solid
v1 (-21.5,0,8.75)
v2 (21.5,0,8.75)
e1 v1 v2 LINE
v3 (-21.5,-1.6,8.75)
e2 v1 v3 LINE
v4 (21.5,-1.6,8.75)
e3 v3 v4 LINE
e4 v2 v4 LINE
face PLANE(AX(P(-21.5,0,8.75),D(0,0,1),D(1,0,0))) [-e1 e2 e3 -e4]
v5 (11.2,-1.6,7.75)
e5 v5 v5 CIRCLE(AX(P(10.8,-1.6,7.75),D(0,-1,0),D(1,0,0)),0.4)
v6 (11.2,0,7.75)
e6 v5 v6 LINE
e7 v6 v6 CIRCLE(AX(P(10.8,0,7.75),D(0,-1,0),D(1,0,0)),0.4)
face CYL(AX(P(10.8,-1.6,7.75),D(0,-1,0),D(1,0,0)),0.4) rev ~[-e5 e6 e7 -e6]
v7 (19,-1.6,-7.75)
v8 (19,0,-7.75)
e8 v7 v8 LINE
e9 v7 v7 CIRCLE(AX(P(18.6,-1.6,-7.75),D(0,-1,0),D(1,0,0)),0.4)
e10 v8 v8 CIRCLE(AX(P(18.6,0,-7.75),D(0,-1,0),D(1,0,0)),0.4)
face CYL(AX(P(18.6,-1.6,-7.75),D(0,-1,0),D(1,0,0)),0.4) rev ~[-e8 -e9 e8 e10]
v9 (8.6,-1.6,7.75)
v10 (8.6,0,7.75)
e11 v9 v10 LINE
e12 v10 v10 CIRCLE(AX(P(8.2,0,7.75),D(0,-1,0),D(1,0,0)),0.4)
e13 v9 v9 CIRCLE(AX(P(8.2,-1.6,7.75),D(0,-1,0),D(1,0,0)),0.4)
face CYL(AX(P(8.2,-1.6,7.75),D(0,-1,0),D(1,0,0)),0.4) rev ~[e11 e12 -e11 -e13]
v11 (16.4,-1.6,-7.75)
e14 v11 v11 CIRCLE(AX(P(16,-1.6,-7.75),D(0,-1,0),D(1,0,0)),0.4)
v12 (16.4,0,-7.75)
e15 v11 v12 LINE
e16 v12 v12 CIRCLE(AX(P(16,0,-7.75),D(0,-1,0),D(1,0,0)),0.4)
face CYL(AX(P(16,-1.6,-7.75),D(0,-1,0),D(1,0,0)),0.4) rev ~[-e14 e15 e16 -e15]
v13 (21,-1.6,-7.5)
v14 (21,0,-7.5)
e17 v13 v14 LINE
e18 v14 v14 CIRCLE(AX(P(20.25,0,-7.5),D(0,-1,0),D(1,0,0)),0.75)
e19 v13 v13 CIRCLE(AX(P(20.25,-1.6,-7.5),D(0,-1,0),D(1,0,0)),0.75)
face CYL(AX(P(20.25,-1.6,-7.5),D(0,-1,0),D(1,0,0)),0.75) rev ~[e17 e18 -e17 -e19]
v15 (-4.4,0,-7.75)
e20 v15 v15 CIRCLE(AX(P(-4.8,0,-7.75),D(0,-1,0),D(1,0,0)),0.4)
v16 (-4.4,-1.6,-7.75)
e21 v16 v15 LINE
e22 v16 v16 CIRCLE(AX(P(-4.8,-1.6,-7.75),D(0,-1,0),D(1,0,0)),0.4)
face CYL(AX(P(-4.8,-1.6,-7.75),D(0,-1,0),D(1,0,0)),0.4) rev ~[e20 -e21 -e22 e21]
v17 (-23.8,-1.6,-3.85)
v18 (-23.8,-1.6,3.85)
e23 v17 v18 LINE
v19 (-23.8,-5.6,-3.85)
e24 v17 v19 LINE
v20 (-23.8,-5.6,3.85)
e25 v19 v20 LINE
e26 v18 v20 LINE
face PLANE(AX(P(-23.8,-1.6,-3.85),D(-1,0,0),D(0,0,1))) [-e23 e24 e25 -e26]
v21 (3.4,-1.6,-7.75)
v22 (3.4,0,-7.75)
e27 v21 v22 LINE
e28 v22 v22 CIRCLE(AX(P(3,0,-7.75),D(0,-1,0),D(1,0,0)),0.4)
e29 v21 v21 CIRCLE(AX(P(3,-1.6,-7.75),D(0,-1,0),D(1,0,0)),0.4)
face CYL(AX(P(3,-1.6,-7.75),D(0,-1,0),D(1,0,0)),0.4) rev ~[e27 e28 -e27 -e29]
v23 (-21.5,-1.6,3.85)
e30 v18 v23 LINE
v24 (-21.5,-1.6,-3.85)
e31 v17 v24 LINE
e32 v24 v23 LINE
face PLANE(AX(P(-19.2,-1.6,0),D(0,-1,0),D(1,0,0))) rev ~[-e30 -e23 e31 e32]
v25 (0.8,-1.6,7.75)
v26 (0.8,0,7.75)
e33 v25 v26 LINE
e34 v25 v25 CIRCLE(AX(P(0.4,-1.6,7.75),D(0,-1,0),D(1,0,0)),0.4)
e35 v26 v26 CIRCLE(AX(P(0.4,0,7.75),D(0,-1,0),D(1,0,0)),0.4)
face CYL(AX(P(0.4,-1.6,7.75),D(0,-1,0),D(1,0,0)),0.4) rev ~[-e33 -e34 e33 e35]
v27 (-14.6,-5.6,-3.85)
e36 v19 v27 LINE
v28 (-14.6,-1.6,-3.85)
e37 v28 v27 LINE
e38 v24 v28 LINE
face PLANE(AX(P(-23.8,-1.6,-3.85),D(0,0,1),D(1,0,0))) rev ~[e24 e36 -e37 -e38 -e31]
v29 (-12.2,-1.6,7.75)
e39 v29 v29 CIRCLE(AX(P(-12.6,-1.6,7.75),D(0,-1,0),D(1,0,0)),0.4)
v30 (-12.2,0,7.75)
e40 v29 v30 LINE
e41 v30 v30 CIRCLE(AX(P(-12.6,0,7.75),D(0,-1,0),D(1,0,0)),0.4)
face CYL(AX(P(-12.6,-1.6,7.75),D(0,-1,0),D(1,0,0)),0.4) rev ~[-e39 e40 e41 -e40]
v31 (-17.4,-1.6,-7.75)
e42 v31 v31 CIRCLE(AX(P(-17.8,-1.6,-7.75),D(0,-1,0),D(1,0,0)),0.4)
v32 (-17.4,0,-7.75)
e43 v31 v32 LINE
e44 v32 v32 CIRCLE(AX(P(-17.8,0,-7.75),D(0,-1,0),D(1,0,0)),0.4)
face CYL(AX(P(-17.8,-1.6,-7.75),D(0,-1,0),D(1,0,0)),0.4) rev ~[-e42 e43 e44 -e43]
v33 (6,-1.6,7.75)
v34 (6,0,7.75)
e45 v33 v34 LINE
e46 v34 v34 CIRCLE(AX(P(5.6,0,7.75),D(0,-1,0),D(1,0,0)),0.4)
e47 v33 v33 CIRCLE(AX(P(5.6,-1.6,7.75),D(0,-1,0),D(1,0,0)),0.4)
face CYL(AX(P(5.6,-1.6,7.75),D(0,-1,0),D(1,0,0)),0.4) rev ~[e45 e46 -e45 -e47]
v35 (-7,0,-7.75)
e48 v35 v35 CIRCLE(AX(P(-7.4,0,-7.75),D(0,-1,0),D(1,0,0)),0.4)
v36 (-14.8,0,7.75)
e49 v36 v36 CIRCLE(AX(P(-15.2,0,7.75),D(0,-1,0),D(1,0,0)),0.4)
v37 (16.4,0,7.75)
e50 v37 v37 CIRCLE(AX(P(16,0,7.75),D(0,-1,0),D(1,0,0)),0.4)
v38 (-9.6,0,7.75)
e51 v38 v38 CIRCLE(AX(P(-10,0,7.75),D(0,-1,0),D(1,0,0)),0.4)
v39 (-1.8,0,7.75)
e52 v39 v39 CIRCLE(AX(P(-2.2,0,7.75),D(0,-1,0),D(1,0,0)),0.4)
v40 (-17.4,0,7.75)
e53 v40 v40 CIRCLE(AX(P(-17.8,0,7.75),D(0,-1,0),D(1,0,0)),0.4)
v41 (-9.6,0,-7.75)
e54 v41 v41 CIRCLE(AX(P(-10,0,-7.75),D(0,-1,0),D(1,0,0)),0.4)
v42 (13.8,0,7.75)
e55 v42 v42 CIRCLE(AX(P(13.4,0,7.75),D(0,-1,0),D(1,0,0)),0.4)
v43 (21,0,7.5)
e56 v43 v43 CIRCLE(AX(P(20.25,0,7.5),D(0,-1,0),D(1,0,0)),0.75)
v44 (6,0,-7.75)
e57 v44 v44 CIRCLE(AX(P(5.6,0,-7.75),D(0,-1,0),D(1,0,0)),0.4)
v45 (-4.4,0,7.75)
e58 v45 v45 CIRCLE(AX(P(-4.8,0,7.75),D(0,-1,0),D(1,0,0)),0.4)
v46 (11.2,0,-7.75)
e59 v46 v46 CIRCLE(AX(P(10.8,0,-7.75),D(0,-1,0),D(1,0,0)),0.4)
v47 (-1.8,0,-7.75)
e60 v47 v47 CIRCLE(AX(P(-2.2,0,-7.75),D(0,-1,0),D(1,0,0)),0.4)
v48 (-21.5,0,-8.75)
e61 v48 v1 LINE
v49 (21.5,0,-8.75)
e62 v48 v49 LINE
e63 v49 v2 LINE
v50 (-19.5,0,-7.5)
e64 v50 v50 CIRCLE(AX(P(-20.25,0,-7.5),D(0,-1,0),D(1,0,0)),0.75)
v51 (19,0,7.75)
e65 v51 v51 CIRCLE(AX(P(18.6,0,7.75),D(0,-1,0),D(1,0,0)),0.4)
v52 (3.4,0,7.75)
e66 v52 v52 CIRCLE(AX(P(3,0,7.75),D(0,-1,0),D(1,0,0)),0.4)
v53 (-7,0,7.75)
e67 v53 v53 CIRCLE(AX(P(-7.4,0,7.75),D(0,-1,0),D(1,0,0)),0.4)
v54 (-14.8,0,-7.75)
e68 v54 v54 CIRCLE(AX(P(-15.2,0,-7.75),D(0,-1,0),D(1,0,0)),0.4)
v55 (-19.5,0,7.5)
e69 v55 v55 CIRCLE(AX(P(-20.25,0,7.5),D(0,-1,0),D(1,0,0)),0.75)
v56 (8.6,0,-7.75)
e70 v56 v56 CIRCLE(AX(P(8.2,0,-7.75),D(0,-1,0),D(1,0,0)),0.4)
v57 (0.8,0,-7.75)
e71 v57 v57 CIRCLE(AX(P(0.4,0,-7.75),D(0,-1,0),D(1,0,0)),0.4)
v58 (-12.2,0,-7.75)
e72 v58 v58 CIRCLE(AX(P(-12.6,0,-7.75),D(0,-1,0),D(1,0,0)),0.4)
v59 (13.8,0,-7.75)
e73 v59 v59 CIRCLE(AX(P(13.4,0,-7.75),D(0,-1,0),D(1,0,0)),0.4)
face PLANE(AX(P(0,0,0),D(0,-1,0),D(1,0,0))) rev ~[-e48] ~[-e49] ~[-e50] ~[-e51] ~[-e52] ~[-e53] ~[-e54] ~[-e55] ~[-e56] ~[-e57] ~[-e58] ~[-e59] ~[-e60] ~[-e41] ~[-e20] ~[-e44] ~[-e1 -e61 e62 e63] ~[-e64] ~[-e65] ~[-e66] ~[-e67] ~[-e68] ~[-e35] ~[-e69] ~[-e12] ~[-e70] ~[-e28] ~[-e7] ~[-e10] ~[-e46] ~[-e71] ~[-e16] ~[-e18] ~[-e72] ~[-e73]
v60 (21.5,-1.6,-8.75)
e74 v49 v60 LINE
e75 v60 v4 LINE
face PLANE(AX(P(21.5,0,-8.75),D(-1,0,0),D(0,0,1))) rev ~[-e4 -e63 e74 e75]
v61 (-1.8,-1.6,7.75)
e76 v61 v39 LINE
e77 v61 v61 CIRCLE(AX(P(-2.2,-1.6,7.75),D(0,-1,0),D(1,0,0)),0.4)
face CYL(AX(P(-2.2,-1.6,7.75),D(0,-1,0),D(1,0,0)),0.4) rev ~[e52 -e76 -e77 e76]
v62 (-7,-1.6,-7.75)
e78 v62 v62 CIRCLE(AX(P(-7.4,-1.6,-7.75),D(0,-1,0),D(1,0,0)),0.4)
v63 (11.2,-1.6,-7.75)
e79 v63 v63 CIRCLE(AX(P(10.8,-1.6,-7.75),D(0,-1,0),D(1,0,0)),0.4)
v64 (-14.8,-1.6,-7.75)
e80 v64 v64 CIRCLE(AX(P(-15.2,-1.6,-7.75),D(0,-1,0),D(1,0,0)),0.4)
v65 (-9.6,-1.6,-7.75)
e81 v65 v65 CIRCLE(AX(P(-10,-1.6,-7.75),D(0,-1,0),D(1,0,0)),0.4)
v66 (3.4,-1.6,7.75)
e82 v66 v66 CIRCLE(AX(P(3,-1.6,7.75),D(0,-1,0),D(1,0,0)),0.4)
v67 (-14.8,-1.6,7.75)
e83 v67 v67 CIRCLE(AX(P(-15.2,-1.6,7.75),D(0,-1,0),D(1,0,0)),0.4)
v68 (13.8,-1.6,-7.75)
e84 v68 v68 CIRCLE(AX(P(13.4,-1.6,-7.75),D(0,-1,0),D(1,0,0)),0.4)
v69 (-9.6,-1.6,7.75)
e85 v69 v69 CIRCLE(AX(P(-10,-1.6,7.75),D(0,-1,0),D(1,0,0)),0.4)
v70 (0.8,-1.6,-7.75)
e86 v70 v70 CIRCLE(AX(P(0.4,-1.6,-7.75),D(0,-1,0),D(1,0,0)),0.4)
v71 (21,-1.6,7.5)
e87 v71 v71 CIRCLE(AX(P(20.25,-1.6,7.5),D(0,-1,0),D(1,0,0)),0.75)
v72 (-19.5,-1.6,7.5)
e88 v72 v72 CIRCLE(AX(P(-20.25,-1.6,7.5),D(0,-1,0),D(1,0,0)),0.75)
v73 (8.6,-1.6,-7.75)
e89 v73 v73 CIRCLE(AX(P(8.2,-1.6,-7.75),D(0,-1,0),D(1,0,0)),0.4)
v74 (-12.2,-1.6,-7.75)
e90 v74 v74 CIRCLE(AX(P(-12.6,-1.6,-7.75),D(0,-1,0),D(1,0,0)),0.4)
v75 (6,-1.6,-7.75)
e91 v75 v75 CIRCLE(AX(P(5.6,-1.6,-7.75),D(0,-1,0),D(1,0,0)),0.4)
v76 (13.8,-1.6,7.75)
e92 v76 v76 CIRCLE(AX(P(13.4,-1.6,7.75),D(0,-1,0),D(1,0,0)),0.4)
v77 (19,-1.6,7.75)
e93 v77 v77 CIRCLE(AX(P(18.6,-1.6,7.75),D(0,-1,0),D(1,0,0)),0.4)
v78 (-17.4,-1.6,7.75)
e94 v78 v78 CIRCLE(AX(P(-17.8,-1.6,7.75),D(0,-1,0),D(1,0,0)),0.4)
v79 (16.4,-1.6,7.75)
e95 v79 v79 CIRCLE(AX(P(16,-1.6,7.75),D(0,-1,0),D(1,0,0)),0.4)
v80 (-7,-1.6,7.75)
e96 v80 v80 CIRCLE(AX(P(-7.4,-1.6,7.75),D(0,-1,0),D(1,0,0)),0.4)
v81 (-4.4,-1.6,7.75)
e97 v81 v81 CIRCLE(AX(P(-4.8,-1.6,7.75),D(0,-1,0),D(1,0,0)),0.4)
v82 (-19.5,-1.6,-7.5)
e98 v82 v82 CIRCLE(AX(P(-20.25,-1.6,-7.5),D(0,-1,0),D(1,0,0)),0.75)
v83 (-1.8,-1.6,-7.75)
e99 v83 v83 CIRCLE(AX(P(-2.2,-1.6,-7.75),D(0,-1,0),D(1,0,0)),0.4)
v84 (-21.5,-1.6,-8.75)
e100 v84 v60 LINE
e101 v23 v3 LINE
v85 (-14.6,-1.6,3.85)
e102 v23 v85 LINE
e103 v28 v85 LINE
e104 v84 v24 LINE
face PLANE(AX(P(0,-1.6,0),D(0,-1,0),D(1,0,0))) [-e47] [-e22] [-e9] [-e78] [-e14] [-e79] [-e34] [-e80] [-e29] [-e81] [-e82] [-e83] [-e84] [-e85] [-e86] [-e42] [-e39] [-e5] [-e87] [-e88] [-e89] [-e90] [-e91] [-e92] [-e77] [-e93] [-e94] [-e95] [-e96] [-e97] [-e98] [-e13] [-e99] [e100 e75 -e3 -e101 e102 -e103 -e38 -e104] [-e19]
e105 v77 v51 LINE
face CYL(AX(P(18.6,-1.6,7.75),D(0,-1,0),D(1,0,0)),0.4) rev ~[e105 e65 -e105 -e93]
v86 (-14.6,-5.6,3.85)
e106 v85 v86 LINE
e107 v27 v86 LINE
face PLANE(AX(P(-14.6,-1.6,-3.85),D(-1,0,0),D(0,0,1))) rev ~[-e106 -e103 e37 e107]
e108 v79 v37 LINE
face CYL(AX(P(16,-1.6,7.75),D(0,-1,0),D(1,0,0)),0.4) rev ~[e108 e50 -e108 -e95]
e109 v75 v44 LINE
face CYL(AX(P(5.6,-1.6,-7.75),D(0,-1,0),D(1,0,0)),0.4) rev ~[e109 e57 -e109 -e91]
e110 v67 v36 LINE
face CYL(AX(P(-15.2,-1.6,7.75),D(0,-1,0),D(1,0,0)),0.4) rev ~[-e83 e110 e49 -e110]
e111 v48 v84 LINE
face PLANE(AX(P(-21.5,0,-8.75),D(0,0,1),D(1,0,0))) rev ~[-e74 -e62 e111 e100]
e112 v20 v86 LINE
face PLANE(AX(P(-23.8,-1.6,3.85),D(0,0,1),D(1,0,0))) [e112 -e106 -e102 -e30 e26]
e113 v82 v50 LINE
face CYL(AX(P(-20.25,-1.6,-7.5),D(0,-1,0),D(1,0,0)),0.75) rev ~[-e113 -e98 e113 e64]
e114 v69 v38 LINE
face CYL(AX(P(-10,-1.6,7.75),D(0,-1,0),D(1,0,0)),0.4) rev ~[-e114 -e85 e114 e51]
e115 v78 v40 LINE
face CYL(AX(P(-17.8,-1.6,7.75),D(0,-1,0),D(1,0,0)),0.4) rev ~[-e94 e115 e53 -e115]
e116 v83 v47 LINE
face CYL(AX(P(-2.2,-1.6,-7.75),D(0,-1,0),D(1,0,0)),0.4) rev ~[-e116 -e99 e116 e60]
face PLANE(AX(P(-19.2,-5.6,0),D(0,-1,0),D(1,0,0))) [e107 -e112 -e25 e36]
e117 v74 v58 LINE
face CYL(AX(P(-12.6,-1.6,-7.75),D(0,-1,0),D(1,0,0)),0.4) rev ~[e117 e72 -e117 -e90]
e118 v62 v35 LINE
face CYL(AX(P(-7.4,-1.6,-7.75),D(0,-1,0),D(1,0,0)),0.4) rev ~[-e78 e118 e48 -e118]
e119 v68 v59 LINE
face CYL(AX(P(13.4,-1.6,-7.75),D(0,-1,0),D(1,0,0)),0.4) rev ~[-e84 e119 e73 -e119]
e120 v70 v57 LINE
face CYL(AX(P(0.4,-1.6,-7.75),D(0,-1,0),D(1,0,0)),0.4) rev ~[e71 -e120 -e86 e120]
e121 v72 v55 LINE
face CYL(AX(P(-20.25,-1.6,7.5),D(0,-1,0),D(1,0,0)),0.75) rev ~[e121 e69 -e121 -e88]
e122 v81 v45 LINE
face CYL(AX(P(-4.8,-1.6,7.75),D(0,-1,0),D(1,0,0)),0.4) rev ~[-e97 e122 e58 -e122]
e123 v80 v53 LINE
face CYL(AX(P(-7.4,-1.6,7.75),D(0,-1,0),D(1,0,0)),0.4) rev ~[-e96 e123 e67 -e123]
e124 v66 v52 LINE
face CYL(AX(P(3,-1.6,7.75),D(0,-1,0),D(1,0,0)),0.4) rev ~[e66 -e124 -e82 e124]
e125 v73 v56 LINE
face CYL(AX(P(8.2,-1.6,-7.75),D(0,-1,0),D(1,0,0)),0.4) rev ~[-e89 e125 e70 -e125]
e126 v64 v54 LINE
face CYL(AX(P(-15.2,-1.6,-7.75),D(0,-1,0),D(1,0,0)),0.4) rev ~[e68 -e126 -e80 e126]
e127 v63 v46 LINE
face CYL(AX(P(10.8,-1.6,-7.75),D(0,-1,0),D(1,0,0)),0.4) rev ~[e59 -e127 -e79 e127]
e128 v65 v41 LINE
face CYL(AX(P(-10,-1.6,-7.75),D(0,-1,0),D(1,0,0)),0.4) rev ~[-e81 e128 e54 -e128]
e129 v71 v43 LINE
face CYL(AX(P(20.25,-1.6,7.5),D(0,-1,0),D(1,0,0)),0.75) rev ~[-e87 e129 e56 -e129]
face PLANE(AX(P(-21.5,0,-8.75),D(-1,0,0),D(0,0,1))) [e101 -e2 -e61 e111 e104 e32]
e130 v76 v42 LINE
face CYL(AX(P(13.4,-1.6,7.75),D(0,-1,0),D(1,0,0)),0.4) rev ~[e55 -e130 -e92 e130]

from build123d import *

# Parameters (mm, degrees)
F0_W     = 43
F0_H     = 17.5
F1_DEPTH = 1.6
F2_W     = 9.2
F2_H     = 7.7
F3_DEPTH = 4
F4_R     = 0.75
F5_DEPTH = 1.601
F6_R     = 0.4
F7_DEPTH = 1.601


with BuildPart() as f1:
    # F0 (on Front) → F1 (new body)
    with BuildSketch(Plane.XZ):
        Rectangle(F0_W, F0_H)
    extrude(amount=F1_DEPTH)

    # F2 (on face) → F3 (join)
    with BuildSketch(Plane.XZ.offset(1.6)):
        with Locations((-19.2, 0)):
            Rectangle(F2_W, F2_H)
    extrude(amount=F3_DEPTH)

    # F4 (on face) → F5 (cut, through all)
    with BuildSketch(Plane.XZ.offset(1.6)):
        with Locations((-20.25, 7.5)):
            Circle(F4_R)
        with Locations((-20.25, -7.5)):
            Circle(F4_R)
        with Locations((20.25, 7.5)):
            Circle(F4_R)
        with Locations((20.25, -7.5)):
            Circle(F4_R)
    extrude(amount=-F5_DEPTH, mode=Mode.SUBTRACT)

    # F6 (on face) → F7 (cut, through all)
    with BuildSketch(Plane.XZ.offset(1.6)):
        with Locations((-17.8, 7.75)):
            Circle(F6_R)
        with Locations((-15.2, 7.75)):
            Circle(F6_R)
        with Locations((-12.6, 7.75)):
            Circle(F6_R)
        with Locations((-10, 7.75)):
            Circle(F6_R)
        with Locations((-7.4, 7.75)):
            Circle(F6_R)
        with Locations((-4.8, 7.75)):
            Circle(F6_R)
        with Locations((-2.2, 7.75)):
            Circle(F6_R)
        with Locations((0.4, 7.75)):
            Circle(F6_R)
        with Locations((3, 7.75)):
            Circle(F6_R)
        with Locations((5.6, 7.75)):
            Circle(F6_R)
        with Locations((8.2, 7.75)):
            Circle(F6_R)
        with Locations((10.8, 7.75)):
            Circle(F6_R)
        with Locations((13.4, 7.75)):
            Circle(F6_R)
        with Locations((16, 7.75)):
            Circle(F6_R)
        with Locations((18.6, 7.75)):
            Circle(F6_R)
        with Locations((-17.8, -7.75)):
            Circle(F6_R)
        with Locations((-15.2, -7.75)):
            Circle(F6_R)
        with Locations((-12.6, -7.75)):
            Circle(F6_R)
        with Locations((0.4, -7.75)):
            Circle(F6_R)
        with Locations((-7.4, -7.75)):
            Circle(F6_R)
        with Locations((-4.8, -7.75)):
            Circle(F6_R)
        with Locations((-2.2, -7.75)):
            Circle(F6_R)
        with Locations((-10, -7.75)):
            Circle(F6_R)
        with Locations((18.6, -7.75)):
            Circle(F6_R)
        with Locations((16, -7.75)):
            Circle(F6_R)
        with Locations((13.4, -7.75)):
            Circle(F6_R)
        with Locations((5.6, -7.75)):
            Circle(F6_R)
        with Locations((3, -7.75)):
            Circle(F6_R)
        with Locations((8.2, -7.75)):
            Circle(F6_R)
        with Locations((10.8, -7.75)):
            Circle(F6_R)
    extrude(amount=-F7_DEPTH, mode=Mode.SUBTRACT)


solid = f1.part
